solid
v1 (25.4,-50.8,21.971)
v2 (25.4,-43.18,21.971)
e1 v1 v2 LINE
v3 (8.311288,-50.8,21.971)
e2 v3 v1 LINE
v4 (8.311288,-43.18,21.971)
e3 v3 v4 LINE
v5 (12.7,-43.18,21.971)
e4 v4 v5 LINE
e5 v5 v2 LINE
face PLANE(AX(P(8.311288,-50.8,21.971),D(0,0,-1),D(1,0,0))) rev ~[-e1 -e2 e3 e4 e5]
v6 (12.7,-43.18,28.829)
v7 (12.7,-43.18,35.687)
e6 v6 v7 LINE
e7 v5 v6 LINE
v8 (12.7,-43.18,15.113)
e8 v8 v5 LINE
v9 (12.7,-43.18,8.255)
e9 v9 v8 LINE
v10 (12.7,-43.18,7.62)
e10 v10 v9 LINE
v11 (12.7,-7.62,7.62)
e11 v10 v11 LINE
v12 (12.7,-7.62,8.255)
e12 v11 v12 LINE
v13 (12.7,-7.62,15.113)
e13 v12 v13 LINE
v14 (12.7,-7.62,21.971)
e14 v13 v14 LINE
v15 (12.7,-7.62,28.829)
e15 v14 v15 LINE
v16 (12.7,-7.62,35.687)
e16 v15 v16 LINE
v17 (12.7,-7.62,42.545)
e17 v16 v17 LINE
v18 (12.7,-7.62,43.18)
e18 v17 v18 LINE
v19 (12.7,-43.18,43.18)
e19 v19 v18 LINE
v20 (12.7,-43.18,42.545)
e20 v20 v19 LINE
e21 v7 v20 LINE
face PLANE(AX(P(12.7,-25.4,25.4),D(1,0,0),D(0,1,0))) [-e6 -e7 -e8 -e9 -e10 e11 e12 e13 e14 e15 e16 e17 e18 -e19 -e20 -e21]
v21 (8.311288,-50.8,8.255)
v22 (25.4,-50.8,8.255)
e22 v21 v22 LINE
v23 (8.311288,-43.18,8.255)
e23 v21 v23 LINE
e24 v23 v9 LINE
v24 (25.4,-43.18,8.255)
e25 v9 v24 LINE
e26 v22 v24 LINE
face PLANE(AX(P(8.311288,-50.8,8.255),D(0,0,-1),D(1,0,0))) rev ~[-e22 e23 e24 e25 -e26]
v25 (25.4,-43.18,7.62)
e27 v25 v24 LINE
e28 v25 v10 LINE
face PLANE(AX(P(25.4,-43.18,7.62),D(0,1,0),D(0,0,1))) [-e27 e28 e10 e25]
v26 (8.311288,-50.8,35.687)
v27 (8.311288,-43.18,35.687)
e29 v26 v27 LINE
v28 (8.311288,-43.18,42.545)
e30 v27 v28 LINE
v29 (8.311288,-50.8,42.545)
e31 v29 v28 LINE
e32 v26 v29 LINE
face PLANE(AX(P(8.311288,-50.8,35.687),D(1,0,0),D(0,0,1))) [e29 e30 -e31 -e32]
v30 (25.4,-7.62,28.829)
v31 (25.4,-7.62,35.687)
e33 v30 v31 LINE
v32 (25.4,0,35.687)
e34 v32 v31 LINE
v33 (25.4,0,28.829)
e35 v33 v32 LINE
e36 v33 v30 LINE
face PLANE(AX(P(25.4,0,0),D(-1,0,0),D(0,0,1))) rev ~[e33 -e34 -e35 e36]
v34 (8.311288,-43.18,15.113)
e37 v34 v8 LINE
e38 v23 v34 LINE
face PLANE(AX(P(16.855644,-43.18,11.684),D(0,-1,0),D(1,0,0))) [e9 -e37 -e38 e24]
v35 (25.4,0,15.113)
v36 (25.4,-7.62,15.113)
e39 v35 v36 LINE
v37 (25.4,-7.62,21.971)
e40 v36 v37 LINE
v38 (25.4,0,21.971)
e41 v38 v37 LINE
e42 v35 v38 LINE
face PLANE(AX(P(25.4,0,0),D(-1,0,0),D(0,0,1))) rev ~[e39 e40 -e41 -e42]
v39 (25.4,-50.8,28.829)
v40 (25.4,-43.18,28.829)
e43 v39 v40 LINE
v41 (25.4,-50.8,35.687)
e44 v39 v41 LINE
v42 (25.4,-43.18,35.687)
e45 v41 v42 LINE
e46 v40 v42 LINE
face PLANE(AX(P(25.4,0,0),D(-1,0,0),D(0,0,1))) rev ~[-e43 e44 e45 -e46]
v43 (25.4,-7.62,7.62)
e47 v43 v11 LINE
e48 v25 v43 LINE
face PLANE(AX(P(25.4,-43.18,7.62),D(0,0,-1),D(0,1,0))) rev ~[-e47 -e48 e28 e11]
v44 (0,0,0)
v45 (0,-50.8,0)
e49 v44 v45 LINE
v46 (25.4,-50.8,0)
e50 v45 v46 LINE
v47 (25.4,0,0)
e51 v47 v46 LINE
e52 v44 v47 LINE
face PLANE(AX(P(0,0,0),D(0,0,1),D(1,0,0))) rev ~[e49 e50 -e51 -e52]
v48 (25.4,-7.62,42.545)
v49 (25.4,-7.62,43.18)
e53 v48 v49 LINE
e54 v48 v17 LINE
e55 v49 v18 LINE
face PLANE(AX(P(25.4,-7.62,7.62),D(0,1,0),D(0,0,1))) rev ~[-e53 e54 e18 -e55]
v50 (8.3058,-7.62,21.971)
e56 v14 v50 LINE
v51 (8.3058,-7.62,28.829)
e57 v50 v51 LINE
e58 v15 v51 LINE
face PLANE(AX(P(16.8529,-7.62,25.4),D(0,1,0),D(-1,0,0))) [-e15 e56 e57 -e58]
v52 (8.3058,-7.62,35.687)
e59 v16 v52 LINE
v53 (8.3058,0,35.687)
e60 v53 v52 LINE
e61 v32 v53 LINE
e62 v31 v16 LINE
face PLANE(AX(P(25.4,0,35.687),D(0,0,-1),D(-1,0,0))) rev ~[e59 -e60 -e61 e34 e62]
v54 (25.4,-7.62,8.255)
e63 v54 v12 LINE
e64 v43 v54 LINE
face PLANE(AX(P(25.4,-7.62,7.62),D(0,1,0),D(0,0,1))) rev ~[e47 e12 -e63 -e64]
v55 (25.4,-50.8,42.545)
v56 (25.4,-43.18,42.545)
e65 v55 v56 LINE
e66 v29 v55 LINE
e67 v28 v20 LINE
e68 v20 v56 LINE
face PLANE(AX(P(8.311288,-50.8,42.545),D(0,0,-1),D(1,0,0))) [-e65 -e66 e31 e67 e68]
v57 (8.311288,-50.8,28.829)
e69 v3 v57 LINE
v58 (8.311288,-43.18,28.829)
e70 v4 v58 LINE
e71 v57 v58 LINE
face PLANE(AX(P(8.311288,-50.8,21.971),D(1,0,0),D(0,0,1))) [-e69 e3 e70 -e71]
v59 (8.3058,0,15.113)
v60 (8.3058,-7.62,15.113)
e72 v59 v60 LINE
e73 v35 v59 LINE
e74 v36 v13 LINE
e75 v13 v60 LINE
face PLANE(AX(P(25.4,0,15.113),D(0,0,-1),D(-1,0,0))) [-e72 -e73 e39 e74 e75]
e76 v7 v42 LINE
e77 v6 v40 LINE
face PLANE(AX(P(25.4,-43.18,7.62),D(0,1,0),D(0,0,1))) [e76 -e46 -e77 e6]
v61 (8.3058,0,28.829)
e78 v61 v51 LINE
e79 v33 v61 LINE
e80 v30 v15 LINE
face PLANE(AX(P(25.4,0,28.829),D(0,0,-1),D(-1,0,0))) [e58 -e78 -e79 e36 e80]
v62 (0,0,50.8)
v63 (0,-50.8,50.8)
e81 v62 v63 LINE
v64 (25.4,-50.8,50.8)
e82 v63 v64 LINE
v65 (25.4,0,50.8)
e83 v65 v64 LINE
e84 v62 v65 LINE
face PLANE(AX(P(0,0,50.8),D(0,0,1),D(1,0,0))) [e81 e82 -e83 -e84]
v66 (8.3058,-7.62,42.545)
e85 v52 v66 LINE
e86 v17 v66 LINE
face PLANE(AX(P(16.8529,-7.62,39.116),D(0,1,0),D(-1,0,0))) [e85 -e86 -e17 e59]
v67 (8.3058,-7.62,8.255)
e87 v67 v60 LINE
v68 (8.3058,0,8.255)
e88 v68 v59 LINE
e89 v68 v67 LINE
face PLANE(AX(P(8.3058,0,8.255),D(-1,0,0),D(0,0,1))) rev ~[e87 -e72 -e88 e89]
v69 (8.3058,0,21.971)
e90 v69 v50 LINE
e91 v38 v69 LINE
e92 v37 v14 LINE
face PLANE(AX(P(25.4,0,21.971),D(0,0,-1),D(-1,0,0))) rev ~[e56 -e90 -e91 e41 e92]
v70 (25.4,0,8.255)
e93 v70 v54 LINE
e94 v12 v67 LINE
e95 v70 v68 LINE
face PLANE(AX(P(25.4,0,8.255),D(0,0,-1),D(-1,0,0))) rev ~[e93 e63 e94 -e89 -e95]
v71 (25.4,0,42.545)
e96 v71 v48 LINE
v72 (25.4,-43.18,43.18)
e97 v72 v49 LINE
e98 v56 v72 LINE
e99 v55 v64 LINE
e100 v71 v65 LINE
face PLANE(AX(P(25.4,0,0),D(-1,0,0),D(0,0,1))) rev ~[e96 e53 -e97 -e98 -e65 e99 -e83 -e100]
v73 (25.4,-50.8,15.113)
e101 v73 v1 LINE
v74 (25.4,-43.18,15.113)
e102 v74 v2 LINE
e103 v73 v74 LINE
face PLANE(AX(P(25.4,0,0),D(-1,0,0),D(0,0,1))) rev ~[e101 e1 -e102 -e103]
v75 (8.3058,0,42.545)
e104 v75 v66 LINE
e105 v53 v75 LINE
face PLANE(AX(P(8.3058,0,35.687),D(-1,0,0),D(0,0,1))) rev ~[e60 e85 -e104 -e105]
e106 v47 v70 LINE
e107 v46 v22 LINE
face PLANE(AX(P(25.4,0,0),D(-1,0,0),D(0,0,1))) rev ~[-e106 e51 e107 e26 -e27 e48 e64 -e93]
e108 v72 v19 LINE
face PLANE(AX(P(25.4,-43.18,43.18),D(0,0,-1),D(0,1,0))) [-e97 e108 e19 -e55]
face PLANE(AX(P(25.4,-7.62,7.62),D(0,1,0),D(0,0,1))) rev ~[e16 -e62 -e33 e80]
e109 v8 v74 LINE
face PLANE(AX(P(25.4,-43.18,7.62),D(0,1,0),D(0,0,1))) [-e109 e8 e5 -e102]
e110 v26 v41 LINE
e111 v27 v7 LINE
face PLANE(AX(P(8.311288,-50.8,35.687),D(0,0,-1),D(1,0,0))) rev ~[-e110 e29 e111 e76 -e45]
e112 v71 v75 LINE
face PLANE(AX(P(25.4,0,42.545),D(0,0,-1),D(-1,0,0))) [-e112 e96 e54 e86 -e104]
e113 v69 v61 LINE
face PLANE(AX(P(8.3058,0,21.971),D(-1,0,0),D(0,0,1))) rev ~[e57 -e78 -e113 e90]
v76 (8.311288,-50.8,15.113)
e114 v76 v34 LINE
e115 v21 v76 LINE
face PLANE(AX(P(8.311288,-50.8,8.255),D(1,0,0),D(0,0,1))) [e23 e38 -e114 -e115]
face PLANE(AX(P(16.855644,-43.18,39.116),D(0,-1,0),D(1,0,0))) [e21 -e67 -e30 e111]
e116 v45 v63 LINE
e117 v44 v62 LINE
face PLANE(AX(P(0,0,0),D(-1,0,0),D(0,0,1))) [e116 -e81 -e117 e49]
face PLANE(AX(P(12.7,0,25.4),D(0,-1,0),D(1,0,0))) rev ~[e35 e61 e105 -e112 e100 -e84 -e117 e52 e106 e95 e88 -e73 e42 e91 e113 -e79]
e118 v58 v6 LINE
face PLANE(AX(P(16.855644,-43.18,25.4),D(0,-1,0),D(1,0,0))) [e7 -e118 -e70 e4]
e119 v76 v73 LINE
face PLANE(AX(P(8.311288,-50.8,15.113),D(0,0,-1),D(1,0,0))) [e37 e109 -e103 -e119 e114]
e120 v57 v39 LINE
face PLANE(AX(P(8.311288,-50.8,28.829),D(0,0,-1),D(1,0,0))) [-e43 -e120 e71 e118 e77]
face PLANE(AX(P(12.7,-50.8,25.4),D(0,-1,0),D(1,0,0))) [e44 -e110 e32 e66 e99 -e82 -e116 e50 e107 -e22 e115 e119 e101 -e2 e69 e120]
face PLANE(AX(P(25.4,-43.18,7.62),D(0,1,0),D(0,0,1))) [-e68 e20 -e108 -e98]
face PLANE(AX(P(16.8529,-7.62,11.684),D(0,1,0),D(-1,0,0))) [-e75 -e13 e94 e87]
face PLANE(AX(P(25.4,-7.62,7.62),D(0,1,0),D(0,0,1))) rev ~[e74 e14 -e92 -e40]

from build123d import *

# Parameters (mm, degrees)
F0_W     = 25.4
F0_H     = 50.8
F1_DEPTH = 50.8
F2_W     = 35.56
F2_H     = 35.56
F3_DEPTH = 12.7
F4_W     = 17.088712
F4_H     = 6.858
F5_DEPTH = 7.62
F6_W     = 17.0942
F6_H     = 6.858
F7_DEPTH = 7.62


with BuildPart() as f1:
    # F0 (on Front) → F1 (new body)
    with BuildSketch(Plane.XZ):
        with Locations((12.7, 25.4)):
            Rectangle(F0_W, F0_H)
    extrude(amount=F1_DEPTH)

    # F2 (on face) → F3 (cut)
    with BuildSketch(Plane.YZ.offset(25.4)):
        with Locations((-25.4, 25.4)):
            Rectangle(F2_W, F2_H)
    extrude(amount=-F3_DEPTH, mode=Mode.SUBTRACT)

    # F4 (on face) → F5 (cut)
    with BuildSketch(Plane.XZ.offset(50.8)):
        with Locations((16.855644, 39.116)):
            Rectangle(F4_W, F4_H)
        with Locations((16.855644, 25.4)):
            Rectangle(F4_W, F4_H)
        with Locations((16.855644, 11.684)):
            Rectangle(F4_W, F4_H)
    extrude(amount=-F5_DEPTH, mode=Mode.SUBTRACT)

    # F6 (on face) → F7 (cut)
    with BuildSketch(Plane(origin=(0, 0, 0), x_dir=(-1, 0, 0), z_dir=(0, 1, 0))):
        with Locations((-16.8529, 39.116)):
            Rectangle(F6_W, F6_H)
        with Locations((-16.8529, 25.4)):
            Rectangle(F6_W, F6_H)
        with Locations((-16.8529, 11.684)):
            Rectangle(F6_W, F6_H)
    extrude(amount=-F7_DEPTH, mode=Mode.SUBTRACT)


solid = f1.part
